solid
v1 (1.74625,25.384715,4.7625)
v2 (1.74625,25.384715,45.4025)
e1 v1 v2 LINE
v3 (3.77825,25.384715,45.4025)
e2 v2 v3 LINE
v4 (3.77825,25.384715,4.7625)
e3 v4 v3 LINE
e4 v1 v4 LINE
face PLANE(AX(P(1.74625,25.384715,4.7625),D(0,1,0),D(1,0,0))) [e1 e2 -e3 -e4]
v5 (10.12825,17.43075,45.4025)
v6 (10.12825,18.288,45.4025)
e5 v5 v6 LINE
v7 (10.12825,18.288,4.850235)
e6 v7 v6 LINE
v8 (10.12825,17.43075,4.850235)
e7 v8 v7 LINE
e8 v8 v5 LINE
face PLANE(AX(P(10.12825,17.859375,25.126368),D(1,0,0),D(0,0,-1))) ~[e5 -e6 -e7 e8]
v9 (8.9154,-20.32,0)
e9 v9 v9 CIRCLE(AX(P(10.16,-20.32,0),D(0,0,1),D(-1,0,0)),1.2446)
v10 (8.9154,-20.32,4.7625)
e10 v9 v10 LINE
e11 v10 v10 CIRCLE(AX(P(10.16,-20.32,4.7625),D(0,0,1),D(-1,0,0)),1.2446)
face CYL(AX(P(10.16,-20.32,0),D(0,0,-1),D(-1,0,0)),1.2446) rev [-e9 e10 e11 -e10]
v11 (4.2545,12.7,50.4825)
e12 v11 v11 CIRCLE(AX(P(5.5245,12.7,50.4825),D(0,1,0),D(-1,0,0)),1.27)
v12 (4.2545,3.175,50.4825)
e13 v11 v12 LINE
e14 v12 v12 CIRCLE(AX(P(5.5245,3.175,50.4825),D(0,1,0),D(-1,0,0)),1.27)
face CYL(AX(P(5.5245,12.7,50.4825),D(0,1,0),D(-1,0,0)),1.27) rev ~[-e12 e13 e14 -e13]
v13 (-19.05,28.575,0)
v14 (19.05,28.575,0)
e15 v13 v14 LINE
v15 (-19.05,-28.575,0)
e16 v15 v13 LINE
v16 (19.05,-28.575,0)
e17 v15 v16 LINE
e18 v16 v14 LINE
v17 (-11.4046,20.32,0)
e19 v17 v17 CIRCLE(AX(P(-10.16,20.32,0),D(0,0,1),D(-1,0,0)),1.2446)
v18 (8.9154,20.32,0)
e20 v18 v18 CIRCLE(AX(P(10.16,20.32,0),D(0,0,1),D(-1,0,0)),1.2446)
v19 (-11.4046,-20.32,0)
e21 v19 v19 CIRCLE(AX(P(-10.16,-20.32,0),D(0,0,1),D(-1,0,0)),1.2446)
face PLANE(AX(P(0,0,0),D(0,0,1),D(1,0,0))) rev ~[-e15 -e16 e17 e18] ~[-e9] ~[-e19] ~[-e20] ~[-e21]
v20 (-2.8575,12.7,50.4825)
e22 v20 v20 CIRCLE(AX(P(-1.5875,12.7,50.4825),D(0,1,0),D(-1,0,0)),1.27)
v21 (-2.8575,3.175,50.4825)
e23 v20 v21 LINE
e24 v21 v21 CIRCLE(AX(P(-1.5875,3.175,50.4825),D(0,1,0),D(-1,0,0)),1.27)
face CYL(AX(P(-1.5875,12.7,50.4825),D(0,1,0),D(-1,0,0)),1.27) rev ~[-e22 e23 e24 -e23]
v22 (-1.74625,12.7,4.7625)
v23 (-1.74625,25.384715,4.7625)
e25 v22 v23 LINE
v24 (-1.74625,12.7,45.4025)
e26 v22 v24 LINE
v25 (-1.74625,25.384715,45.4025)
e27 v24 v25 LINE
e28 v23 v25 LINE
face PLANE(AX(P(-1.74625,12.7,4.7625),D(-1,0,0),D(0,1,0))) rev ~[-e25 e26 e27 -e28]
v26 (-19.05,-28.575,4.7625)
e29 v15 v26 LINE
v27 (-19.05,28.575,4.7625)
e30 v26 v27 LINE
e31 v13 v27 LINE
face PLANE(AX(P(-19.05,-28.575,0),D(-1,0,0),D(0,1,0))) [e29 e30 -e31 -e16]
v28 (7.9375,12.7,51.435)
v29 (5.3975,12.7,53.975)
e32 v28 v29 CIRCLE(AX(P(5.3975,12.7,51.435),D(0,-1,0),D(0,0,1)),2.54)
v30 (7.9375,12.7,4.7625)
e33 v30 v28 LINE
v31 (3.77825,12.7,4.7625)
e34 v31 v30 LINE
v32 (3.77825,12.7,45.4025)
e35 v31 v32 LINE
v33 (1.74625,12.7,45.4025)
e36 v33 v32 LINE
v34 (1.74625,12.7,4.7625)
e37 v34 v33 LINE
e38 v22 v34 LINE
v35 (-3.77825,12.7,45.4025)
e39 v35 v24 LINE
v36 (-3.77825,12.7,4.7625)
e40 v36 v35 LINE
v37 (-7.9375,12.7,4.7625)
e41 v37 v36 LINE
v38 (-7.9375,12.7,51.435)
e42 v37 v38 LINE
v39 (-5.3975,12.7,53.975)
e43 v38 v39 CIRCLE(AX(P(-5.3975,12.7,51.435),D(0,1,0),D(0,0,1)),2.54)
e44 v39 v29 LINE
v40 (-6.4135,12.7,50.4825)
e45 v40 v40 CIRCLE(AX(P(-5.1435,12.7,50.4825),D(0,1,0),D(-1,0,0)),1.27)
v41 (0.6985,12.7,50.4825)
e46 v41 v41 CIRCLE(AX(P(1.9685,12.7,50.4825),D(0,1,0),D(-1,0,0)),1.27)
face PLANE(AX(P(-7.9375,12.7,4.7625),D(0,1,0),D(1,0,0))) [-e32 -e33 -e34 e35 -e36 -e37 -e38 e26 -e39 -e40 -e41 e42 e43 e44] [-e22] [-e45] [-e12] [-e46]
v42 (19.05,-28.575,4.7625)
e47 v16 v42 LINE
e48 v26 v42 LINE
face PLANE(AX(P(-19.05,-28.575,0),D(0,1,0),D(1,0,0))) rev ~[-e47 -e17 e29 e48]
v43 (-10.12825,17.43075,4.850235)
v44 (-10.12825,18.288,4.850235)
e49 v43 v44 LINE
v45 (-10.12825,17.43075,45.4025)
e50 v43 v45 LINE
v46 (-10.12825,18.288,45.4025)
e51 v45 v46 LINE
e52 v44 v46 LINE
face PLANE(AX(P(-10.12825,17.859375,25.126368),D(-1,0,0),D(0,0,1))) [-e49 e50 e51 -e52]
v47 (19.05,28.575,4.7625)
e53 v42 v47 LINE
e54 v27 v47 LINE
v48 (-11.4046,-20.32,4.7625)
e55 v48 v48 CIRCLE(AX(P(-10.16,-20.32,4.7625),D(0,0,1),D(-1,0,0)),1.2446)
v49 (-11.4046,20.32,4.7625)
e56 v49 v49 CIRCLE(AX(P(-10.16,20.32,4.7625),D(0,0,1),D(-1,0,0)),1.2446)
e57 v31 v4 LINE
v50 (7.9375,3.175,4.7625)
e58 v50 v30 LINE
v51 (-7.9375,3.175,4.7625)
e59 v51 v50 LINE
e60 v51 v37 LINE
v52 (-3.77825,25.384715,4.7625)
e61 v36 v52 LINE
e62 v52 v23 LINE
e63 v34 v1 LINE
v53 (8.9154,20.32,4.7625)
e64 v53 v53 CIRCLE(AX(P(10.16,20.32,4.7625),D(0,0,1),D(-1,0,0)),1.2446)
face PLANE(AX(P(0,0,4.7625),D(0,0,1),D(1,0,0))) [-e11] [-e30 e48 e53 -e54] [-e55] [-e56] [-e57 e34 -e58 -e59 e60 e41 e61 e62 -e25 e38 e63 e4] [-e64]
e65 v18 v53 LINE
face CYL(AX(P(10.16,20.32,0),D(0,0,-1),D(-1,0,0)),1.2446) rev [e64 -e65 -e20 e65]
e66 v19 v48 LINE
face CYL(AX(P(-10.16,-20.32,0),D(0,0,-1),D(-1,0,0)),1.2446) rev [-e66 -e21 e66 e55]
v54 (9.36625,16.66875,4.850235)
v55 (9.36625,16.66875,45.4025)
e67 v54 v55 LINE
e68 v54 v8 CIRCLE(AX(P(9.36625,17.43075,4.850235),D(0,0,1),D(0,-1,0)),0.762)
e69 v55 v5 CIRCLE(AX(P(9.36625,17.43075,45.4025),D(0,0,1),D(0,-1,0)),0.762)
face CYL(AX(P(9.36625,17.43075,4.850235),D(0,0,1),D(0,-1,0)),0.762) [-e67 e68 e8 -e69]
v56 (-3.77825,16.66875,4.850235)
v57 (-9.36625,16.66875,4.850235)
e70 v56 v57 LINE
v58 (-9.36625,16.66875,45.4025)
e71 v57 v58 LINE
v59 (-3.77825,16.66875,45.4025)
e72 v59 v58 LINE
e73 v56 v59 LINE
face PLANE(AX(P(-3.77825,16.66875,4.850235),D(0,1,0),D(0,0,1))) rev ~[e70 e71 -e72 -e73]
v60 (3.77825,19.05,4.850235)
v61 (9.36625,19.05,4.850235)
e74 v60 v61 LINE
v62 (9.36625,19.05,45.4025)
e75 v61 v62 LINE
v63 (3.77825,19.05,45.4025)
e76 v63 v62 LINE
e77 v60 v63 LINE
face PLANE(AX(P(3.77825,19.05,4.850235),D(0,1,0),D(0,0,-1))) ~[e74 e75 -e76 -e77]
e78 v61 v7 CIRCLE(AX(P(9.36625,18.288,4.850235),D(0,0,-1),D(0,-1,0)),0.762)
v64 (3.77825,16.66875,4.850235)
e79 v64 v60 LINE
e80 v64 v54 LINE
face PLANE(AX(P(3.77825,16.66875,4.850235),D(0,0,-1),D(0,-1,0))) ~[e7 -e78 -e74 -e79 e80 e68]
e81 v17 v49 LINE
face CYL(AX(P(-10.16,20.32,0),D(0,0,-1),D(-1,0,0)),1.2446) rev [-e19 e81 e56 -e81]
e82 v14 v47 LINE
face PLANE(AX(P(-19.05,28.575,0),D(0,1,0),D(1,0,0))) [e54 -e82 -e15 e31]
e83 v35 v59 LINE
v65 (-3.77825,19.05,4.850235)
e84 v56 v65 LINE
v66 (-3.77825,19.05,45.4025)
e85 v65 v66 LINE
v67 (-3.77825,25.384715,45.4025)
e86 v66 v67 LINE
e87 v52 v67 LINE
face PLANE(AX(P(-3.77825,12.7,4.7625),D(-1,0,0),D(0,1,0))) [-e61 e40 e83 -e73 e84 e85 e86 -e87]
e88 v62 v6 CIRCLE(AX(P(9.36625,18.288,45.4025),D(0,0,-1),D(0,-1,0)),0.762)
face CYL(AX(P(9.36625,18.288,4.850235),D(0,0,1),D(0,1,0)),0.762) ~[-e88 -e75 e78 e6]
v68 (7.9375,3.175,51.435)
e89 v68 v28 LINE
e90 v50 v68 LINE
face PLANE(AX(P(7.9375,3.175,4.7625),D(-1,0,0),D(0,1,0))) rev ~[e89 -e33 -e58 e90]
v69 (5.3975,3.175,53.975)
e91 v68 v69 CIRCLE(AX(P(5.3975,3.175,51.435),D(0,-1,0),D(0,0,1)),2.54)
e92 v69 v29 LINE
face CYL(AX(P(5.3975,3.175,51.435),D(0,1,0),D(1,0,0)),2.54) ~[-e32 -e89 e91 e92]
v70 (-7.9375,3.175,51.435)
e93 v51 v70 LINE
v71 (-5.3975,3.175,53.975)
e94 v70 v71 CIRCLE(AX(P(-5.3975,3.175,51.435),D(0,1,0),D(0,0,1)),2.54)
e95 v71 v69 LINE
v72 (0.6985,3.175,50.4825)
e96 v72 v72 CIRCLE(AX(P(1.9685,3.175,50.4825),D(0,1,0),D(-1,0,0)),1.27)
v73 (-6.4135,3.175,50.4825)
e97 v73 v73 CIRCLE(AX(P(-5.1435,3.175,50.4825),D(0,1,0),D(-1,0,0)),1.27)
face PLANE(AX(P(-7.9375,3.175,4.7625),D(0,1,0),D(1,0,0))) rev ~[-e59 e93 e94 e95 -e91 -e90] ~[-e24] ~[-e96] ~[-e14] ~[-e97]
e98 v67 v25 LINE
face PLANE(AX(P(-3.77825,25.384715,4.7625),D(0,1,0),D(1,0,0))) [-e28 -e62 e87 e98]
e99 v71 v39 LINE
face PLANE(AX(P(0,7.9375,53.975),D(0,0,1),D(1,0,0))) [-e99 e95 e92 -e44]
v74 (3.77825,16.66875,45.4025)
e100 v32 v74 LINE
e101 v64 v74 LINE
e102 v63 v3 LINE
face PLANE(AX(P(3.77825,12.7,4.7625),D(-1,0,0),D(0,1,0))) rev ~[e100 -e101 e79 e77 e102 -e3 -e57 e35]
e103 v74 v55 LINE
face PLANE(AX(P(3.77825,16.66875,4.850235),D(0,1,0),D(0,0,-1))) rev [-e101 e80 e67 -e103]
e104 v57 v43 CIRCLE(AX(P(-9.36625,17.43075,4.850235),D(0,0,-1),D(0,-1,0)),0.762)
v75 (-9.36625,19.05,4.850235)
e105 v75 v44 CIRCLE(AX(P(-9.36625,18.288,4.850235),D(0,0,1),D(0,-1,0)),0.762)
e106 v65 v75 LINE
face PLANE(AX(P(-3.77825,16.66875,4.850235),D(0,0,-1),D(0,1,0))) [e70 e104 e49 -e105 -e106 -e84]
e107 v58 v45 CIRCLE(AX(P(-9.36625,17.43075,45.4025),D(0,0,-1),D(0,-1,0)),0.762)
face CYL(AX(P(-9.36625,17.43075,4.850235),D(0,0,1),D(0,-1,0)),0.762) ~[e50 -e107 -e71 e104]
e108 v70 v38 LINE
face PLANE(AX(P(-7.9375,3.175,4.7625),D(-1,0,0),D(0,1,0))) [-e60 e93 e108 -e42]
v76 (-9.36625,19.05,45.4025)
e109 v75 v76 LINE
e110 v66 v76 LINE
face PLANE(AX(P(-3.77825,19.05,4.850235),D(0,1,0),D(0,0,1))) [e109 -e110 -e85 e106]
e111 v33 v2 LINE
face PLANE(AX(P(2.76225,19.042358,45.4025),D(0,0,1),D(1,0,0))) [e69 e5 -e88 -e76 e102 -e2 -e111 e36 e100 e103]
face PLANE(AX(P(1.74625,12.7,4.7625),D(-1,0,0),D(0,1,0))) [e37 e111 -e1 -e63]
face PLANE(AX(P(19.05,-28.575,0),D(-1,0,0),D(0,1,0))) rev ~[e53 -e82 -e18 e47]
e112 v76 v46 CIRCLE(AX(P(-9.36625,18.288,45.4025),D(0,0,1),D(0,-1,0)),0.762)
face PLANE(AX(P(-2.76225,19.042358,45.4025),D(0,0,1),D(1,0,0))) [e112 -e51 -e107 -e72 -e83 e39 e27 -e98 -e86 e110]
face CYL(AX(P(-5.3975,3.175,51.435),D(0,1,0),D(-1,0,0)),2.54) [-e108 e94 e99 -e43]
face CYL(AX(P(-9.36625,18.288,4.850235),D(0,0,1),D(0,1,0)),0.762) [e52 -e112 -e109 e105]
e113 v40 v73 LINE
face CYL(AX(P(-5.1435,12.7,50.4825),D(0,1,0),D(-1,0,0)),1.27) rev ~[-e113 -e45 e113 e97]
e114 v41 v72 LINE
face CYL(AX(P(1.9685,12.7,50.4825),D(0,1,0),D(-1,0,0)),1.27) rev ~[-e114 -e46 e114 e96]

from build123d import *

# Parameters (mm, degrees)
SKETCH1_W            = 38.1
SKETCH1_H            = 57.15
BOSS_EXTRUDE1_DEPTH  = 4.7625
SKETCH2_R            = 1.2446
CUT_EXTRUDE1_DEPTH   = 4.7625
SKETCH4_W            = 15.875
SKETCH4_H            = 9.525
BOSS_EXTRUDE2_DEPTH  = 49.2125
CUT_EXTRUDE2_REACH   = 72.568
SKETCH5_R            = 1.27
FILLET2_R            = 2.54
SKETCH8_W            = 2.032
SKETCH8_H            = 12.684715198
BOSS_EXTRUDE4_DEPTH  = 40.64
SKETCH9_W            = 40.552264906
SKETCH9_H            = 2.38125
BOSS_EXTRUDE5_DEPTH  = 6.35
FILLET4_R            = 0.762
FILLET4_OF_MIRROR2_R = 0.762


with BuildPart() as part:
    # Sketch1 → Boss-Extrude1 (new body)
    with BuildSketch(Plane.XY):
        Rectangle(SKETCH1_W, SKETCH1_H)
    extrude(amount=BOSS_EXTRUDE1_DEPTH)

    # Sketch2 → Cut-Extrude1 (cut)
    with BuildSketch(Plane.XY):
        with Locations(Location((10.16, 20.32, 0), (0, 0, 180))):
            Circle(SKETCH2_R)
        with Locations(Location((-10.16, 20.32, 0), (0, 0, 180))):
            Circle(SKETCH2_R)
        with Locations(Location((10.16, -20.32, 0), (0, 0, 180))):
            Circle(SKETCH2_R)
        with Locations(Location((-10.16, -20.32, 0), (0, 0, 180))):
            Circle(SKETCH2_R)
    extrude(amount=CUT_EXTRUDE1_DEPTH, mode=Mode.SUBTRACT)

    # Sketch4 → Boss-Extrude2 (add)
    with BuildSketch(Plane.XY.offset(4.7625)):
        with Locations((0, 7.9375)):
            Rectangle(SKETCH4_W, SKETCH4_H)
    extrude(amount=BOSS_EXTRUDE2_DEPTH)

    # Sketch5 → Cut-Extrude2 (cut, up to next)
    with BuildSketch(Plane(origin=(0, 12.7, 0), x_dir=(1, 0, 0), z_dir=(0, 1, 0)), mode=Mode.PRIVATE) as cut_extrude2_sk1:
        with Locations(Location((-5.1435, -50.4825, 0), (0, 0, 180))):
            Circle(SKETCH5_R)
    cut_extrude2_tool1 = extrude(cut_extrude2_sk1.sketch, amount=-CUT_EXTRUDE2_REACH, mode=Mode.PRIVATE) & part.part
    # Sketch5 → Cut-Extrude2 (cut, up to next)
    with BuildSketch(Plane(origin=(0, 12.7, 0), x_dir=(1, 0, 0), z_dir=(0, 1, 0)), mode=Mode.PRIVATE) as cut_extrude2_sk2:
        with Locations(Location((-1.5875, -50.4825, 0), (0, 0, 180))):
            Circle(SKETCH5_R)
    cut_extrude2_tool2 = extrude(cut_extrude2_sk2.sketch, amount=-CUT_EXTRUDE2_REACH, mode=Mode.PRIVATE) & part.part
    # Sketch5 → Cut-Extrude2 (cut, up to next)
    with BuildSketch(Plane(origin=(0, 12.7, 0), x_dir=(1, 0, 0), z_dir=(0, 1, 0)), mode=Mode.PRIVATE) as cut_extrude2_sk3:
        with Locations(Location((1.9685, -50.4825, 0), (0, 0, 180))):
            Circle(SKETCH5_R)
    cut_extrude2_tool3 = extrude(cut_extrude2_sk3.sketch, amount=-CUT_EXTRUDE2_REACH, mode=Mode.PRIVATE) & part.part
    # Sketch5 → Cut-Extrude2 (cut, up to next)
    with BuildSketch(Plane(origin=(0, 12.7, 0), x_dir=(1, 0, 0), z_dir=(0, 1, 0)), mode=Mode.PRIVATE) as cut_extrude2_sk4:
        with Locations(Location((5.5245, -50.4825, 0), (0, 0, 180))):
            Circle(SKETCH5_R)
    cut_extrude2_tool4 = extrude(cut_extrude2_sk4.sketch, amount=-CUT_EXTRUDE2_REACH, mode=Mode.PRIVATE) & part.part
    add(cut_extrude2_tool1.solids().sort_by_distance((-5.1435, 12.7, 50.4825))[0], mode=Mode.SUBTRACT)
    add(cut_extrude2_tool2.solids().sort_by_distance((-1.5875, 12.7, 50.4825))[0], mode=Mode.SUBTRACT)
    add(cut_extrude2_tool3.solids().sort_by_distance((1.9685, 12.7, 50.4825))[0], mode=Mode.SUBTRACT)
    add(cut_extrude2_tool4.solids().sort_by_distance((5.5245, 12.7, 50.4825))[0], mode=Mode.SUBTRACT)

    # Fillet2
    fillet2_edges = [part.edges().sort_by_distance(p)[0] for p in [
        (-7.9375, 7.9375, 53.975),
        (7.9375, 7.9375, 53.975),
    ]]
    fillet(fillet2_edges, radius=FILLET2_R)

    # Sketch8 → Boss-Extrude4 (add)
    with BuildSketch(Plane.XY.offset(4.7625)):
        with Locations((-2.76225, 19.042357599)):
            Rectangle(SKETCH8_W, SKETCH8_H)
        with Locations((2.76225, 19.042357599)):
            Rectangle(SKETCH8_W, SKETCH8_H)
    extrude(amount=BOSS_EXTRUDE4_DEPTH)

    # Sketch9 → Boss-Extrude5 (add)
    with BuildSketch(Plane.ZY.offset(3.77825)):
        with Locations((25.126367547, 17.859375)):
            Rectangle(SKETCH9_W, SKETCH9_H)
    boss_extrude5 = extrude(amount=BOSS_EXTRUDE5_DEPTH)

    # Fillet4
    fillet4_edges = [part.edges().sort_by_distance(p)[0] for p in [
        (-10.12825, 19.05, 25.126367547),
        (-10.12825, 16.66875, 25.126367547),
    ]]
    fillet(fillet4_edges, radius=FILLET4_R)

    # Mirror2: Boss-Extrude5 across plane
    add(boss_extrude5.mirror(Plane.ZY))

    # Fillet4 of Mirror2
    fillet4_of_mirror2_edges = [part.edges().sort_by_distance(p)[0] for p in [
        (10.12825, 19.05, 25.126367547),
        (10.12825, 16.66875, 25.126367547),
    ]]
    fillet(fillet4_of_mirror2_edges, radius=FILLET4_OF_MIRROR2_R)


solid = part.part
